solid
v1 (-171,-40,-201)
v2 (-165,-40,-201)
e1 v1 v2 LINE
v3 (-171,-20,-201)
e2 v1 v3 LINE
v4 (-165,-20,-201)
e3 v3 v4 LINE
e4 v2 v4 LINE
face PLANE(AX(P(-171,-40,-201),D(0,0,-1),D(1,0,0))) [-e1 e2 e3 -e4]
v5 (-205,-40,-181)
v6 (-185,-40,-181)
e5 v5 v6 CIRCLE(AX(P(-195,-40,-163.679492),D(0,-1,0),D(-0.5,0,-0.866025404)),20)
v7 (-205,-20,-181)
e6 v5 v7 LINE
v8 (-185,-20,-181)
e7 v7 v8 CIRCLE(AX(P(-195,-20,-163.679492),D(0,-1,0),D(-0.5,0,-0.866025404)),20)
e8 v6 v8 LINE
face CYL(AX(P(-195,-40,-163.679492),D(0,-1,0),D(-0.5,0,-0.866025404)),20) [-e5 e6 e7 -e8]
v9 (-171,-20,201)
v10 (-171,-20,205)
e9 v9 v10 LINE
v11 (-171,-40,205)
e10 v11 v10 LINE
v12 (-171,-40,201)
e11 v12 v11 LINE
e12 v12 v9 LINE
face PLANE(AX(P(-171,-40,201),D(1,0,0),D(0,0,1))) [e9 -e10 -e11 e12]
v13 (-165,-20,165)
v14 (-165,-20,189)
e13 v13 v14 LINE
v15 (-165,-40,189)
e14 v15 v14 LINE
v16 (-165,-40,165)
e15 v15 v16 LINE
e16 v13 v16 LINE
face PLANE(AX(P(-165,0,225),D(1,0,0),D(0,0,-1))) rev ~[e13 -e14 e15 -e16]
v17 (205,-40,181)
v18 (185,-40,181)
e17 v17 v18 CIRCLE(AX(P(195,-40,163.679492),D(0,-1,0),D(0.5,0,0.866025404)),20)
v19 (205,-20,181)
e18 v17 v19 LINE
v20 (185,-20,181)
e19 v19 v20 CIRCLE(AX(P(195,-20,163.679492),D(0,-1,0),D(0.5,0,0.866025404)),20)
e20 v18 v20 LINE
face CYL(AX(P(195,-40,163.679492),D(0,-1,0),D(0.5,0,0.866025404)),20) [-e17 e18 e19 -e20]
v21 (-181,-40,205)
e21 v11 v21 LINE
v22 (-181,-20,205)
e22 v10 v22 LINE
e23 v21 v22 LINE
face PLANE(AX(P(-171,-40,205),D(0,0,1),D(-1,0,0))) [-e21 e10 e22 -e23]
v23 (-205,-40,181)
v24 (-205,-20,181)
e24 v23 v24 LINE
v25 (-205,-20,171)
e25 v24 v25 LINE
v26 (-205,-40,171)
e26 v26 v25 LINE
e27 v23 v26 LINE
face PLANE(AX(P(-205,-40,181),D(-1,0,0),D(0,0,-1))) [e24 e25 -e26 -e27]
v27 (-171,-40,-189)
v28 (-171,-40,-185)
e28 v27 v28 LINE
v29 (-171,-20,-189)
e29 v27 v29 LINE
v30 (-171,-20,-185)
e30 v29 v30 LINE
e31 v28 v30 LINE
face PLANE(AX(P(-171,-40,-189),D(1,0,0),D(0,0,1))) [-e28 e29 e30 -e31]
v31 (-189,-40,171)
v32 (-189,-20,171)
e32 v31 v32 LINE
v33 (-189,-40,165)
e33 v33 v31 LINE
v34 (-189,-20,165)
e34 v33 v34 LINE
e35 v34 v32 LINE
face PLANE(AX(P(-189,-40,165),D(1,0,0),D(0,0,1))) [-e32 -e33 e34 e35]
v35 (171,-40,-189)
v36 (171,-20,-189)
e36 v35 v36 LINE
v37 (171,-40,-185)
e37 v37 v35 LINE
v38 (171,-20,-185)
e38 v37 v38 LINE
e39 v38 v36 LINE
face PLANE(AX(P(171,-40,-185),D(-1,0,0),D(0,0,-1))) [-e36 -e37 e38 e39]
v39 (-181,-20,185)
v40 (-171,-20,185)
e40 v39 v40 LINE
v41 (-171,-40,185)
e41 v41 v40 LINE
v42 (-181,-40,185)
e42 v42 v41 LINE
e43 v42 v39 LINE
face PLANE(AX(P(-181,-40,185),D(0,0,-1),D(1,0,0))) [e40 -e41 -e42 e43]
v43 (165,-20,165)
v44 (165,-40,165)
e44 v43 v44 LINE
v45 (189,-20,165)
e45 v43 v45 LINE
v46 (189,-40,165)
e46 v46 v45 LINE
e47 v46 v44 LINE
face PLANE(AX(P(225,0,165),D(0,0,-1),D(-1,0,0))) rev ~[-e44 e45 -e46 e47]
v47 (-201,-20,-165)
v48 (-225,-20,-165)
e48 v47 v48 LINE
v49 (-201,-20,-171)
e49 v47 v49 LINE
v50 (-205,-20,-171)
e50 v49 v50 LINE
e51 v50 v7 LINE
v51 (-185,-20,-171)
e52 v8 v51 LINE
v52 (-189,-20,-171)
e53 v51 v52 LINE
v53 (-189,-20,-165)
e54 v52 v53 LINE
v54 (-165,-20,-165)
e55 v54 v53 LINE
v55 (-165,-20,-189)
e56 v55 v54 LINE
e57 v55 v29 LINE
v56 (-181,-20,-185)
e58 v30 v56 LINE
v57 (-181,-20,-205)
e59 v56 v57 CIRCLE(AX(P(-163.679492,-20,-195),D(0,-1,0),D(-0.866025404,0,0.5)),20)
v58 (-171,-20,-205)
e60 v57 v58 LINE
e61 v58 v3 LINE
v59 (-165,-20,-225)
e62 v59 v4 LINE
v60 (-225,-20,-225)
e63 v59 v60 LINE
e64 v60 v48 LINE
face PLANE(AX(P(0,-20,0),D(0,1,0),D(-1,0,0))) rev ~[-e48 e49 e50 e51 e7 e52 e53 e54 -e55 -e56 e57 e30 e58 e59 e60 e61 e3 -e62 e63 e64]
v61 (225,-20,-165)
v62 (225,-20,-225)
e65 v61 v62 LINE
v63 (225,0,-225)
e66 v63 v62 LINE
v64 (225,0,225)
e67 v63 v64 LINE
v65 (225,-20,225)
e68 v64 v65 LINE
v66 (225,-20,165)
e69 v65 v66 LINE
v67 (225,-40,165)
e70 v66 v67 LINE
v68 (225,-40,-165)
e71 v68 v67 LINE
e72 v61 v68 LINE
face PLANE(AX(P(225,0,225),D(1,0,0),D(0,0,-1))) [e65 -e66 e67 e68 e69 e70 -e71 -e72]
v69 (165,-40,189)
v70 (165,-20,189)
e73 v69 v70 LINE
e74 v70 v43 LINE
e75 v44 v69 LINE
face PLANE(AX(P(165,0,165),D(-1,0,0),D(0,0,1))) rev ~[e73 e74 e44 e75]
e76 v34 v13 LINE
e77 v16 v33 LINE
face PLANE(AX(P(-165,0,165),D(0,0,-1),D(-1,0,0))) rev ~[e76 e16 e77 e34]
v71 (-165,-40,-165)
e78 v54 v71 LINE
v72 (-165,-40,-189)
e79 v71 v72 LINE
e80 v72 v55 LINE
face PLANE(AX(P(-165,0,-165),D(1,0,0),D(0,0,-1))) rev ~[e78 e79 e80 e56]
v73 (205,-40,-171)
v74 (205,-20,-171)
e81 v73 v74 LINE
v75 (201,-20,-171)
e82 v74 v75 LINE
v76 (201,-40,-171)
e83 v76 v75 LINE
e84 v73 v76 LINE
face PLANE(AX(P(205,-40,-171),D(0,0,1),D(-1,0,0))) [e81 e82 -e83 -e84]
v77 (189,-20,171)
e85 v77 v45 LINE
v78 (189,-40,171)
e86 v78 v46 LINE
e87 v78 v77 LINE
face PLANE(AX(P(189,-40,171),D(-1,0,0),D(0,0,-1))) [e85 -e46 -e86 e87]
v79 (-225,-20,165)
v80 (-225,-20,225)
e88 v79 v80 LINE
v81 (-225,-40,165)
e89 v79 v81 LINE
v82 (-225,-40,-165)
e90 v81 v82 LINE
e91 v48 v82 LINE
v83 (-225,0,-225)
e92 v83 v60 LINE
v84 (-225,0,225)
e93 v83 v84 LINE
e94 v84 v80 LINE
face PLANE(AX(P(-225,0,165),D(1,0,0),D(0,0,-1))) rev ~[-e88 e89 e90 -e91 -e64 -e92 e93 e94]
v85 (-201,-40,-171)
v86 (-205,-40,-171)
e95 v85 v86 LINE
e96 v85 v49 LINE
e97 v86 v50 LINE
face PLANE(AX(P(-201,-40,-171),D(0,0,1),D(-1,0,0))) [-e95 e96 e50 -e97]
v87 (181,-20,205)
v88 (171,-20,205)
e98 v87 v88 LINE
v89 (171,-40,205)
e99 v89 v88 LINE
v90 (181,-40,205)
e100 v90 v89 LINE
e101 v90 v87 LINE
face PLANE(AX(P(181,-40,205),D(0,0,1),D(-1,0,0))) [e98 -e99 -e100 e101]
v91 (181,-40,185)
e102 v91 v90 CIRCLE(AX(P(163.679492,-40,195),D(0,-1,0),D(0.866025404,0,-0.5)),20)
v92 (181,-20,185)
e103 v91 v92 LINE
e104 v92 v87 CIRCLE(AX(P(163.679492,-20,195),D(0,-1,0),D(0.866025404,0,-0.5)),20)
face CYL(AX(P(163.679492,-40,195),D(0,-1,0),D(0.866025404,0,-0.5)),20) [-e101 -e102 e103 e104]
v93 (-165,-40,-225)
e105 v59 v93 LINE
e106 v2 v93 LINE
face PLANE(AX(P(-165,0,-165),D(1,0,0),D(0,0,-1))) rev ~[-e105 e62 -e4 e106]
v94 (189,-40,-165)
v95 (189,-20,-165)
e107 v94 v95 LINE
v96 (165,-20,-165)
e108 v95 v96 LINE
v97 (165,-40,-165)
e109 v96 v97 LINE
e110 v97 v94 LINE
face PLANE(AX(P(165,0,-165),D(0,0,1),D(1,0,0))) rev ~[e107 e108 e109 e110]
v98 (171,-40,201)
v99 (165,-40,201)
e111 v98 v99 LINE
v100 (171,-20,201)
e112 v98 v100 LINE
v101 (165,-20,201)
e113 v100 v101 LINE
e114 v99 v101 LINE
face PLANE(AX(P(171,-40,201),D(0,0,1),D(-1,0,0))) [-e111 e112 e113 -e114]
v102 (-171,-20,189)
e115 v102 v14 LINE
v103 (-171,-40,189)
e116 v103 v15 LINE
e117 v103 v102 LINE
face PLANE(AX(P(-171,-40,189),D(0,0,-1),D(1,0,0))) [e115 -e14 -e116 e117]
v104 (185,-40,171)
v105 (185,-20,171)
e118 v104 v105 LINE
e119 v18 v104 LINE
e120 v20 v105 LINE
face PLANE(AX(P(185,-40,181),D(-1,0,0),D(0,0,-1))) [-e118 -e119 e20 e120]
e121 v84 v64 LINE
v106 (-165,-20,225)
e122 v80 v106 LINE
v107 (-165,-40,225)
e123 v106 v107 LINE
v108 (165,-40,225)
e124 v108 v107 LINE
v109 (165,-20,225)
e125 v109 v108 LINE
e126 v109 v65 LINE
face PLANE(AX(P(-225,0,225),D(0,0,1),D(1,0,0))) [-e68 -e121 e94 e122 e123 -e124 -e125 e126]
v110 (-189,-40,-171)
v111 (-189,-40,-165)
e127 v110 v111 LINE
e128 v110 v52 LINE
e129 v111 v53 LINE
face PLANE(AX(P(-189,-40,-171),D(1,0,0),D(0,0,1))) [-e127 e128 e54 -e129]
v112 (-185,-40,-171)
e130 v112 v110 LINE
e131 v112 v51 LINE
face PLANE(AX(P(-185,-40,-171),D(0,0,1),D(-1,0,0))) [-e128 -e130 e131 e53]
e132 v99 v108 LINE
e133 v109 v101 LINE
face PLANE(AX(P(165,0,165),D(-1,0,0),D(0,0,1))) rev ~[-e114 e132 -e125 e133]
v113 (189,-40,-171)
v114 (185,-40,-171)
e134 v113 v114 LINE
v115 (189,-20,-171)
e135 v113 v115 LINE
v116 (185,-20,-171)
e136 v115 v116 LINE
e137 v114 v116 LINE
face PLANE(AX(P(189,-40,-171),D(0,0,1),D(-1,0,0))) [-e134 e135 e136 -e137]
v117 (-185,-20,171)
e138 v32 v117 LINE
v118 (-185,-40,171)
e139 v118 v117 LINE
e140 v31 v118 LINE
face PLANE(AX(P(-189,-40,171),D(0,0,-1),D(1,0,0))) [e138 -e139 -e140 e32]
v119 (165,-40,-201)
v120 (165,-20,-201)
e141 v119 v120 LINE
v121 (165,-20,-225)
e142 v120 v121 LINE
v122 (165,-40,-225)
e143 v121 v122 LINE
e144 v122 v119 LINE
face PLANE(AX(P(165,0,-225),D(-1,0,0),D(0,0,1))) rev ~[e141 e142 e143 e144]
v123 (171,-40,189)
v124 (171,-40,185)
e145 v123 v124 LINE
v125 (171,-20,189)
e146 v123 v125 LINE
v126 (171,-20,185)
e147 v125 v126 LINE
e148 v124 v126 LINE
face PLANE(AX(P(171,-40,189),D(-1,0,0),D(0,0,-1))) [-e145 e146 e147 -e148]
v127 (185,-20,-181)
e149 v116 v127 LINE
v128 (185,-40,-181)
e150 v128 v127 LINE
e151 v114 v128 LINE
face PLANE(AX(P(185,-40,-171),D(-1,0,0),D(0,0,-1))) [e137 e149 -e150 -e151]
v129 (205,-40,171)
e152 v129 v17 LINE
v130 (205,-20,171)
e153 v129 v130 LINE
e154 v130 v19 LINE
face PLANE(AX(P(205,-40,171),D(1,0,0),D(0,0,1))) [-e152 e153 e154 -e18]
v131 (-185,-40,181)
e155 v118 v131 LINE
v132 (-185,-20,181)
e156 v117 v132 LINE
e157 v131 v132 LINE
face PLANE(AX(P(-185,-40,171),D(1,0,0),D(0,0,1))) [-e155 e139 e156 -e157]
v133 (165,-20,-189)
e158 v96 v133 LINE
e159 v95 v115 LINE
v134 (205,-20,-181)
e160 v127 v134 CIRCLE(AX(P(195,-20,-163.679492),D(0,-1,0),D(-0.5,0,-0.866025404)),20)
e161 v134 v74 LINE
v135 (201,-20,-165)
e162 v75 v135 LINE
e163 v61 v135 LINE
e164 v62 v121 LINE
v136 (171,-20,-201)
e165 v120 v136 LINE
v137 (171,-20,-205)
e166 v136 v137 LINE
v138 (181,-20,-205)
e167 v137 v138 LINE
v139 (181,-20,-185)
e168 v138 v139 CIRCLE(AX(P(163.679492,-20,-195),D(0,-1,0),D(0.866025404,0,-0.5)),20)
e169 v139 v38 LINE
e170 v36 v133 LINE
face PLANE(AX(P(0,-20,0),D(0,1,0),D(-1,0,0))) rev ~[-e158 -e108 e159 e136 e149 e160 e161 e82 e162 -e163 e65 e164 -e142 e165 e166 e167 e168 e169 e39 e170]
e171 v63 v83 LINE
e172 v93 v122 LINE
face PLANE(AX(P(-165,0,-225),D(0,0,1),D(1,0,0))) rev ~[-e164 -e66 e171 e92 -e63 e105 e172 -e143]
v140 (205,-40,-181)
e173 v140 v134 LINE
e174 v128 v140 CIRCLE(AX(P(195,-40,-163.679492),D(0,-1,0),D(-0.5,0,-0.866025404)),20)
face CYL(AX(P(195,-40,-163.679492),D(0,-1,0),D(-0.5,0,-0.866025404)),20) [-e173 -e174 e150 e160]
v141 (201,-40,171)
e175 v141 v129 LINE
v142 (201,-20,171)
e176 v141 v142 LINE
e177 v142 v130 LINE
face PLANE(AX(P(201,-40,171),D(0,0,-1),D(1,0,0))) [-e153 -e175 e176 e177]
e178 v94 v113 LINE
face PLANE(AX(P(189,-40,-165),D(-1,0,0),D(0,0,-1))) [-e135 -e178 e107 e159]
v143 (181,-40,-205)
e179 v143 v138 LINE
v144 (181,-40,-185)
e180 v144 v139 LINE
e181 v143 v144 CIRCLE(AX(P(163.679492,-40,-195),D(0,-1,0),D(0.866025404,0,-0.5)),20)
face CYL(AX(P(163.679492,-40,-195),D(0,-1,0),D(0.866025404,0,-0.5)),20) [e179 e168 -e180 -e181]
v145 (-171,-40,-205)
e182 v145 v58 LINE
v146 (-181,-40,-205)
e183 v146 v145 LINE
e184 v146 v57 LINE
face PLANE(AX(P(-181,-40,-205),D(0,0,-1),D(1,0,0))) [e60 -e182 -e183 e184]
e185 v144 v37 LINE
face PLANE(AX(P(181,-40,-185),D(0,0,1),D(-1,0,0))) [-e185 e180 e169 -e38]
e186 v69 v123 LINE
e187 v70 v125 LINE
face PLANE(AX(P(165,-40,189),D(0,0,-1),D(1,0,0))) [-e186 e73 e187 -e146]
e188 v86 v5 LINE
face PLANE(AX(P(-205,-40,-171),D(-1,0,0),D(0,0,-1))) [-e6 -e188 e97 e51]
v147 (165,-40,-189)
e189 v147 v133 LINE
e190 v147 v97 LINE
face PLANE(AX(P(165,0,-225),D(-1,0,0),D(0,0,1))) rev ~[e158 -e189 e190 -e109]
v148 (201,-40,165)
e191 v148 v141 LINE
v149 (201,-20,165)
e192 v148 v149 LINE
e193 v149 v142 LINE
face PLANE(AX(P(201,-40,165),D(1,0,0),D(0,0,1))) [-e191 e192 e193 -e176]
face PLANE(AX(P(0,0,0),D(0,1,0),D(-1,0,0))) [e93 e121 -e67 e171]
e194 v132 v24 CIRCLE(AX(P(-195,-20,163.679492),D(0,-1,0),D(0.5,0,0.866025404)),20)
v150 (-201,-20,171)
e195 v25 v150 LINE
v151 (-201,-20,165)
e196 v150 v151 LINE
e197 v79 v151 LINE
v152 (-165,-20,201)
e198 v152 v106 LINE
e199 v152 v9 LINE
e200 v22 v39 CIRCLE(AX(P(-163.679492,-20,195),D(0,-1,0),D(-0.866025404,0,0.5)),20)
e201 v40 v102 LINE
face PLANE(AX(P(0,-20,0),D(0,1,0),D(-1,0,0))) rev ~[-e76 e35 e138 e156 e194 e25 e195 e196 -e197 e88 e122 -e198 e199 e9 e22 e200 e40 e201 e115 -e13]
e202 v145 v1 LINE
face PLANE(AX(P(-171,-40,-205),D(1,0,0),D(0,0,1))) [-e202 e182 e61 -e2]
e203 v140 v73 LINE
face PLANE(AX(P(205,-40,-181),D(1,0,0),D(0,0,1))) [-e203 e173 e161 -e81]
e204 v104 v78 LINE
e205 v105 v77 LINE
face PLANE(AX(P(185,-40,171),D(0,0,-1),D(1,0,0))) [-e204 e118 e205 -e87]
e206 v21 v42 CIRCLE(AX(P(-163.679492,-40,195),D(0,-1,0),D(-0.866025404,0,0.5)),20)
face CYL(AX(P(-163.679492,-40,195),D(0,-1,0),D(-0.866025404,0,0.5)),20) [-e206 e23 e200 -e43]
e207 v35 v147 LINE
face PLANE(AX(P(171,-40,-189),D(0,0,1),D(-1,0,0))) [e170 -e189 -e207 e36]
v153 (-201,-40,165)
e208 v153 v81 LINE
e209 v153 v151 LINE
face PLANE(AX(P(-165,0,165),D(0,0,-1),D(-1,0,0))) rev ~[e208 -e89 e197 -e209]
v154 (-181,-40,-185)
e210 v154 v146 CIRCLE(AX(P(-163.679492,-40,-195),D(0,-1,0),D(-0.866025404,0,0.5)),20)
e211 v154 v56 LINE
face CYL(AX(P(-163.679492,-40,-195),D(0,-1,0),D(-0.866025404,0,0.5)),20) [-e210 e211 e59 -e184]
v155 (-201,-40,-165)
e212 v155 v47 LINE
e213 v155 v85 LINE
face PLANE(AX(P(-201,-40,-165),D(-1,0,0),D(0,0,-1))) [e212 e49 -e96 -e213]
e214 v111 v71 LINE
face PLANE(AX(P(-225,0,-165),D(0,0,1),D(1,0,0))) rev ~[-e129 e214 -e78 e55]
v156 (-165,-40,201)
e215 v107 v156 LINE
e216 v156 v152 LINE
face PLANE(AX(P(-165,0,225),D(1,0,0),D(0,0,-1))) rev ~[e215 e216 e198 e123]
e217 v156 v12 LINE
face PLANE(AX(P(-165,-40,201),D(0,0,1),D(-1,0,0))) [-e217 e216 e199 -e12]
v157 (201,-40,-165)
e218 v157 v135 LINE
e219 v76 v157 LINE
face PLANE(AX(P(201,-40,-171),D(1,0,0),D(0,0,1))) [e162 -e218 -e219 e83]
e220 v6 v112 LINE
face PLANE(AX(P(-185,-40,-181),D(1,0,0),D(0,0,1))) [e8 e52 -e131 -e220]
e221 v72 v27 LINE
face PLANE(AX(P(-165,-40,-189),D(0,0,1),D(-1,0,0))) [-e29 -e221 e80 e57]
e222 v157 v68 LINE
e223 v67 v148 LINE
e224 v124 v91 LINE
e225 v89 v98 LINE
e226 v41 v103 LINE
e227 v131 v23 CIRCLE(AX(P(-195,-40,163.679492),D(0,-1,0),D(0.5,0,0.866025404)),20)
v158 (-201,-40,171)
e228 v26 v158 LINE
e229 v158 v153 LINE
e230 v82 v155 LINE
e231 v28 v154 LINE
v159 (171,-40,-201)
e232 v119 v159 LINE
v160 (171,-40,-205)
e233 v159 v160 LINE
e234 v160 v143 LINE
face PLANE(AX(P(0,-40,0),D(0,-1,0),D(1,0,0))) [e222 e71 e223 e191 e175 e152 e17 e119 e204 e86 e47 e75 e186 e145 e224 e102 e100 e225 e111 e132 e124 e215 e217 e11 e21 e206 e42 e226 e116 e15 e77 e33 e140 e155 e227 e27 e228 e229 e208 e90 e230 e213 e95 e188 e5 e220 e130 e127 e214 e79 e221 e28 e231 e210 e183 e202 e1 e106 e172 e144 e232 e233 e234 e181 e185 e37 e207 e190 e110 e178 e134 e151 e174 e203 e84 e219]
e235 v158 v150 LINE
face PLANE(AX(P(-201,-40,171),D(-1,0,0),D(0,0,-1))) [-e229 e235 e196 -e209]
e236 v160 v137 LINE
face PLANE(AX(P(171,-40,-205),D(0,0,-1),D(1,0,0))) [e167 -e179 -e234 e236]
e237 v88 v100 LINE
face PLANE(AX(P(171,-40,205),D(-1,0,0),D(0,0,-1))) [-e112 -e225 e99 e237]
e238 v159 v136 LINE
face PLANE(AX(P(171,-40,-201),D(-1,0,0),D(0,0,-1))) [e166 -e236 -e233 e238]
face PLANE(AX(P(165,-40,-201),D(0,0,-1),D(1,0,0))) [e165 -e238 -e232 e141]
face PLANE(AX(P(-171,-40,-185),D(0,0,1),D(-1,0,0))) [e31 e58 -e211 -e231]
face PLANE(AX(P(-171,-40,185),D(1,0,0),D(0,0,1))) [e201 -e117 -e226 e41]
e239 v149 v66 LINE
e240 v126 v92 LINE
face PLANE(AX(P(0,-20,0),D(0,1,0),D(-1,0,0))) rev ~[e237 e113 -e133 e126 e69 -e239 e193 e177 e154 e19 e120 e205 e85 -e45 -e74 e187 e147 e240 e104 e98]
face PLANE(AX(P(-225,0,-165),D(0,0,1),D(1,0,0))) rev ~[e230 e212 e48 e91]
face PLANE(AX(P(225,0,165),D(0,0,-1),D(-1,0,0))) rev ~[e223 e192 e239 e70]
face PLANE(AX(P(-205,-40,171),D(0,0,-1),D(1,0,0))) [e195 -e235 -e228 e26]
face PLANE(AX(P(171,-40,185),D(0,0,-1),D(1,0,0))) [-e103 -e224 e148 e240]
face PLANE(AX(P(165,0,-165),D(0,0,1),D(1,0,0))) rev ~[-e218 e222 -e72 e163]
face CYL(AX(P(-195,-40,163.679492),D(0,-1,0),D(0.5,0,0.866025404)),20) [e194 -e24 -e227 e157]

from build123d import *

# Parameters (mm, degrees)
F1_DEPTH = 40
F3_DEPTH = 40
F5_DEPTH = 20


with BuildPart() as f1:
    # F0 (on Front) → F1 (new body)
    with BuildSketch(Plane.XZ):
        Polygon((165, 165), (165, 225), (-165, 225), (-165, 165), (-225, 165), (-225, -165), (-165, -165), (-165, -225), (165, -225), (165, -165), (225, -165), (225, 165), align=None)
    extrude(amount=F1_DEPTH)

    # F2 (on face) → F3 (join, through all)
    with BuildSketch(Plane.XZ.offset(40)):
        with BuildLine():
            Line((-201, 171), (-201, 165))
            Line((-201, 165), (-189, 165))
            Line((-189, 165), (-189, 171))
            Line((-189, 171), (-185, 171))
            Line((-185, 171), (-185, 181))
            ThreePointArc((-185, 181), (-195, 183.6794919243), (-205, 181))
            Line((-205, 181), (-205, 171))
            Line((-205, 171), (-201, 171))
        make_face()
        with BuildLine():
            Line((-171, 189), (-165, 189))
            Line((-165, 189), (-165, 201))
            Line((-165, 201), (-171, 201))
            Line((-171, 201), (-171, 205))
            Line((-171, 205), (-181, 205))
            ThreePointArc((-181, 205), (-183.6794919243, 195), (-181, 185))
            Line((-181, 185), (-171, 185))
            Line((-171, 185), (-171, 189))
        make_face()
        with BuildLine():
            Line((171, 201), (165, 201))
            Line((165, 201), (165, 189))
            Line((165, 189), (171, 189))
            Line((171, 189), (171, 185))
            Line((171, 185), (181, 185))
            ThreePointArc((181, 185), (183.6794919243, 195), (181, 205))
            Line((181, 205), (171, 205))
            Line((171, 205), (171, 201))
        make_face()
        with BuildLine():
            Line((189, 171), (189, 165))
            Line((189, 165), (201, 165))
            Line((201, 165), (201, 171))
            Line((201, 171), (205, 171))
            Line((205, 171), (205, 181))
            ThreePointArc((205, 181), (195, 183.6794919243), (185, 181))
            Line((185, 181), (185, 171))
            Line((185, 171), (189, 171))
        make_face()
        with BuildLine():
            Line((201, -165), (189, -165))
            Line((189, -165), (189, -171))
            Line((189, -171), (185, -171))
            Line((185, -171), (185, -181))
            ThreePointArc((185, -181), (195, -183.6794919243), (205, -181))
            Line((205, -181), (205, -171))
            Line((205, -171), (201, -171))
            Line((201, -171), (201, -165))
        make_face()
        with BuildLine():
            Line((165, -189), (165, -201))
            Line((165, -201), (171, -201))
            Line((171, -201), (171, -205))
            Line((171, -205), (181, -205))
            ThreePointArc((181, -205), (183.6794919243, -195), (181, -185))
            Line((181, -185), (171, -185))
            Line((171, -185), (171, -189))
            Line((171, -189), (165, -189))
        make_face()
        with BuildLine():
            Line((-165, -201), (-165, -189))
            Line((-165, -189), (-171, -189))
            Line((-171, -189), (-171, -185))
            Line((-171, -185), (-181, -185))
            ThreePointArc((-181, -185), (-183.6794919243, -195), (-181, -205))
            Line((-181, -205), (-171, -205))
            Line((-171, -205), (-171, -201))
            Line((-171, -201), (-165, -201))
        make_face()
        with BuildLine():
            Line((-189, -165), (-201, -165))
            Line((-201, -165), (-201, -171))
            Line((-201, -171), (-205, -171))
            Line((-205, -171), (-205, -181))
            ThreePointArc((-205, -181), (-195, -183.6794919243), (-185, -181))
            Line((-185, -181), (-185, -171))
            Line((-185, -171), (-189, -171))
            Line((-189, -171), (-189, -165))
        make_face()
    extrude(amount=-F3_DEPTH)

    # F4 (on face) → F5 (join)
    with BuildSketch(Plane(origin=(0, 0, 0), x_dir=(-1, 0, 0), z_dir=(0, 1, 0))):
        Polygon((165, 201), (165, 225), (-165, 225), (-165, 201), (-165, 189), (-165, 165), (-189, 165), (-201, 165), (-225, 165), (-225, -165), (-201, -165), (-189, -165), (-165, -165), (-165, -189), (-165, -201), (-165, -225), (165, -225), (165, -201), (165, -189), (165, -165), (189, -165), (201, -165), (225, -165), (225, 165), (201, 165), (189, 165), (165, 165), (165, 189), align=None)
        with BuildLine():
            Line((225, -225), (225, -165))
            Line((225, -165), (201, -165))
            Line((201, -165), (201, -171))
            Line((201, -171), (205, -171))
            Line((205, -171), (205, -181))
            ThreePointArc((205, -181), (195, -183.6794919243), (185, -181))
            Line((185, -181), (185, -171))
            Line((185, -171), (189, -171))
            Line((189, -171), (189, -165))
            Line((189, -165), (165, -165))
            Line((165, -165), (165, -189))
            Line((165, -189), (171, -189))
            Line((171, -189), (171, -185))
            Line((171, -185), (181, -185))
            ThreePointArc((181, -185), (183.6794919243, -195), (181, -205))
            Line((181, -205), (171, -205))
            Line((171, -205), (171, -201))
            Line((171, -201), (165, -201))
            Line((165, -201), (165, -225))
            Line((165, -225), (225, -225))
        make_face()
        with BuildLine():
            Line((-201, -165), (-225, -165))
            Line((-225, -165), (-225, -225))
            Line((-225, -225), (-165, -225))
            Line((-165, -225), (-165, -201))
            Line((-165, -201), (-171, -201))
            Line((-171, -201), (-171, -205))
            Line((-171, -205), (-181, -205))
            ThreePointArc((-181, -205), (-183.6794919243, -195), (-181, -185))
            Line((-181, -185), (-171, -185))
            Line((-171, -185), (-171, -189))
            Line((-171, -189), (-165, -189))
            Line((-165, -189), (-165, -165))
            Line((-165, -165), (-189, -165))
            Line((-189, -165), (-189, -171))
            Line((-189, -171), (-185, -171))
            Line((-185, -171), (-185, -181))
            ThreePointArc((-185, -181), (-195, -183.6794919243), (-205, -181))
            Line((-205, -181), (-205, -171))
            Line((-205, -171), (-201, -171))
            Line((-201, -171), (-201, -165))
        make_face()
        with BuildLine():
            Line((-165, 201), (-165, 225))
            Line((-165, 225), (-225, 225))
            Line((-225, 225), (-225, 165))
            Line((-225, 165), (-201, 165))
            Line((-201, 165), (-201, 171))
            Line((-201, 171), (-205, 171))
            Line((-205, 171), (-205, 181))
            ThreePointArc((-205, 181), (-195, 183.6794919243), (-185, 181))
            Line((-185, 181), (-185, 171))
            Line((-185, 171), (-189, 171))
            Line((-189, 171), (-189, 165))
            Line((-189, 165), (-165, 165))
            Line((-165, 165), (-165, 189))
            Line((-165, 189), (-171, 189))
            Line((-171, 189), (-171, 185))
            Line((-171, 185), (-181, 185))
            ThreePointArc((-181, 185), (-183.6794919243, 195), (-181, 205))
            Line((-181, 205), (-171, 205))
            Line((-171, 205), (-171, 201))
            Line((-171, 201), (-165, 201))
        make_face()
        with BuildLine():
            Line((225, 165), (225, 225))
            Line((225, 225), (165, 225))
            Line((165, 225), (165, 201))
            Line((165, 201), (171, 201))
            Line((171, 201), (171, 205))
            Line((171, 205), (181, 205))
            ThreePointArc((181, 205), (183.6794919243, 195), (181, 185))
            Line((181, 185), (171, 185))
            Line((171, 185), (171, 189))
            Line((171, 189), (165, 189))
            Line((165, 189), (165, 165))
            Line((165, 165), (189, 165))
            Line((189, 165), (189, 171))
            Line((189, 171), (185, 171))
            Line((185, 171), (185, 181))
            ThreePointArc((185, 181), (195, 183.6794919243), (205, 181))
            Line((205, 181), (205, 171))
            Line((205, 171), (201, 171))
            Line((201, 171), (201, 165))
            Line((201, 165), (225, 165))
        make_face()
    extrude(amount=-F5_DEPTH)


solid = f1.part
